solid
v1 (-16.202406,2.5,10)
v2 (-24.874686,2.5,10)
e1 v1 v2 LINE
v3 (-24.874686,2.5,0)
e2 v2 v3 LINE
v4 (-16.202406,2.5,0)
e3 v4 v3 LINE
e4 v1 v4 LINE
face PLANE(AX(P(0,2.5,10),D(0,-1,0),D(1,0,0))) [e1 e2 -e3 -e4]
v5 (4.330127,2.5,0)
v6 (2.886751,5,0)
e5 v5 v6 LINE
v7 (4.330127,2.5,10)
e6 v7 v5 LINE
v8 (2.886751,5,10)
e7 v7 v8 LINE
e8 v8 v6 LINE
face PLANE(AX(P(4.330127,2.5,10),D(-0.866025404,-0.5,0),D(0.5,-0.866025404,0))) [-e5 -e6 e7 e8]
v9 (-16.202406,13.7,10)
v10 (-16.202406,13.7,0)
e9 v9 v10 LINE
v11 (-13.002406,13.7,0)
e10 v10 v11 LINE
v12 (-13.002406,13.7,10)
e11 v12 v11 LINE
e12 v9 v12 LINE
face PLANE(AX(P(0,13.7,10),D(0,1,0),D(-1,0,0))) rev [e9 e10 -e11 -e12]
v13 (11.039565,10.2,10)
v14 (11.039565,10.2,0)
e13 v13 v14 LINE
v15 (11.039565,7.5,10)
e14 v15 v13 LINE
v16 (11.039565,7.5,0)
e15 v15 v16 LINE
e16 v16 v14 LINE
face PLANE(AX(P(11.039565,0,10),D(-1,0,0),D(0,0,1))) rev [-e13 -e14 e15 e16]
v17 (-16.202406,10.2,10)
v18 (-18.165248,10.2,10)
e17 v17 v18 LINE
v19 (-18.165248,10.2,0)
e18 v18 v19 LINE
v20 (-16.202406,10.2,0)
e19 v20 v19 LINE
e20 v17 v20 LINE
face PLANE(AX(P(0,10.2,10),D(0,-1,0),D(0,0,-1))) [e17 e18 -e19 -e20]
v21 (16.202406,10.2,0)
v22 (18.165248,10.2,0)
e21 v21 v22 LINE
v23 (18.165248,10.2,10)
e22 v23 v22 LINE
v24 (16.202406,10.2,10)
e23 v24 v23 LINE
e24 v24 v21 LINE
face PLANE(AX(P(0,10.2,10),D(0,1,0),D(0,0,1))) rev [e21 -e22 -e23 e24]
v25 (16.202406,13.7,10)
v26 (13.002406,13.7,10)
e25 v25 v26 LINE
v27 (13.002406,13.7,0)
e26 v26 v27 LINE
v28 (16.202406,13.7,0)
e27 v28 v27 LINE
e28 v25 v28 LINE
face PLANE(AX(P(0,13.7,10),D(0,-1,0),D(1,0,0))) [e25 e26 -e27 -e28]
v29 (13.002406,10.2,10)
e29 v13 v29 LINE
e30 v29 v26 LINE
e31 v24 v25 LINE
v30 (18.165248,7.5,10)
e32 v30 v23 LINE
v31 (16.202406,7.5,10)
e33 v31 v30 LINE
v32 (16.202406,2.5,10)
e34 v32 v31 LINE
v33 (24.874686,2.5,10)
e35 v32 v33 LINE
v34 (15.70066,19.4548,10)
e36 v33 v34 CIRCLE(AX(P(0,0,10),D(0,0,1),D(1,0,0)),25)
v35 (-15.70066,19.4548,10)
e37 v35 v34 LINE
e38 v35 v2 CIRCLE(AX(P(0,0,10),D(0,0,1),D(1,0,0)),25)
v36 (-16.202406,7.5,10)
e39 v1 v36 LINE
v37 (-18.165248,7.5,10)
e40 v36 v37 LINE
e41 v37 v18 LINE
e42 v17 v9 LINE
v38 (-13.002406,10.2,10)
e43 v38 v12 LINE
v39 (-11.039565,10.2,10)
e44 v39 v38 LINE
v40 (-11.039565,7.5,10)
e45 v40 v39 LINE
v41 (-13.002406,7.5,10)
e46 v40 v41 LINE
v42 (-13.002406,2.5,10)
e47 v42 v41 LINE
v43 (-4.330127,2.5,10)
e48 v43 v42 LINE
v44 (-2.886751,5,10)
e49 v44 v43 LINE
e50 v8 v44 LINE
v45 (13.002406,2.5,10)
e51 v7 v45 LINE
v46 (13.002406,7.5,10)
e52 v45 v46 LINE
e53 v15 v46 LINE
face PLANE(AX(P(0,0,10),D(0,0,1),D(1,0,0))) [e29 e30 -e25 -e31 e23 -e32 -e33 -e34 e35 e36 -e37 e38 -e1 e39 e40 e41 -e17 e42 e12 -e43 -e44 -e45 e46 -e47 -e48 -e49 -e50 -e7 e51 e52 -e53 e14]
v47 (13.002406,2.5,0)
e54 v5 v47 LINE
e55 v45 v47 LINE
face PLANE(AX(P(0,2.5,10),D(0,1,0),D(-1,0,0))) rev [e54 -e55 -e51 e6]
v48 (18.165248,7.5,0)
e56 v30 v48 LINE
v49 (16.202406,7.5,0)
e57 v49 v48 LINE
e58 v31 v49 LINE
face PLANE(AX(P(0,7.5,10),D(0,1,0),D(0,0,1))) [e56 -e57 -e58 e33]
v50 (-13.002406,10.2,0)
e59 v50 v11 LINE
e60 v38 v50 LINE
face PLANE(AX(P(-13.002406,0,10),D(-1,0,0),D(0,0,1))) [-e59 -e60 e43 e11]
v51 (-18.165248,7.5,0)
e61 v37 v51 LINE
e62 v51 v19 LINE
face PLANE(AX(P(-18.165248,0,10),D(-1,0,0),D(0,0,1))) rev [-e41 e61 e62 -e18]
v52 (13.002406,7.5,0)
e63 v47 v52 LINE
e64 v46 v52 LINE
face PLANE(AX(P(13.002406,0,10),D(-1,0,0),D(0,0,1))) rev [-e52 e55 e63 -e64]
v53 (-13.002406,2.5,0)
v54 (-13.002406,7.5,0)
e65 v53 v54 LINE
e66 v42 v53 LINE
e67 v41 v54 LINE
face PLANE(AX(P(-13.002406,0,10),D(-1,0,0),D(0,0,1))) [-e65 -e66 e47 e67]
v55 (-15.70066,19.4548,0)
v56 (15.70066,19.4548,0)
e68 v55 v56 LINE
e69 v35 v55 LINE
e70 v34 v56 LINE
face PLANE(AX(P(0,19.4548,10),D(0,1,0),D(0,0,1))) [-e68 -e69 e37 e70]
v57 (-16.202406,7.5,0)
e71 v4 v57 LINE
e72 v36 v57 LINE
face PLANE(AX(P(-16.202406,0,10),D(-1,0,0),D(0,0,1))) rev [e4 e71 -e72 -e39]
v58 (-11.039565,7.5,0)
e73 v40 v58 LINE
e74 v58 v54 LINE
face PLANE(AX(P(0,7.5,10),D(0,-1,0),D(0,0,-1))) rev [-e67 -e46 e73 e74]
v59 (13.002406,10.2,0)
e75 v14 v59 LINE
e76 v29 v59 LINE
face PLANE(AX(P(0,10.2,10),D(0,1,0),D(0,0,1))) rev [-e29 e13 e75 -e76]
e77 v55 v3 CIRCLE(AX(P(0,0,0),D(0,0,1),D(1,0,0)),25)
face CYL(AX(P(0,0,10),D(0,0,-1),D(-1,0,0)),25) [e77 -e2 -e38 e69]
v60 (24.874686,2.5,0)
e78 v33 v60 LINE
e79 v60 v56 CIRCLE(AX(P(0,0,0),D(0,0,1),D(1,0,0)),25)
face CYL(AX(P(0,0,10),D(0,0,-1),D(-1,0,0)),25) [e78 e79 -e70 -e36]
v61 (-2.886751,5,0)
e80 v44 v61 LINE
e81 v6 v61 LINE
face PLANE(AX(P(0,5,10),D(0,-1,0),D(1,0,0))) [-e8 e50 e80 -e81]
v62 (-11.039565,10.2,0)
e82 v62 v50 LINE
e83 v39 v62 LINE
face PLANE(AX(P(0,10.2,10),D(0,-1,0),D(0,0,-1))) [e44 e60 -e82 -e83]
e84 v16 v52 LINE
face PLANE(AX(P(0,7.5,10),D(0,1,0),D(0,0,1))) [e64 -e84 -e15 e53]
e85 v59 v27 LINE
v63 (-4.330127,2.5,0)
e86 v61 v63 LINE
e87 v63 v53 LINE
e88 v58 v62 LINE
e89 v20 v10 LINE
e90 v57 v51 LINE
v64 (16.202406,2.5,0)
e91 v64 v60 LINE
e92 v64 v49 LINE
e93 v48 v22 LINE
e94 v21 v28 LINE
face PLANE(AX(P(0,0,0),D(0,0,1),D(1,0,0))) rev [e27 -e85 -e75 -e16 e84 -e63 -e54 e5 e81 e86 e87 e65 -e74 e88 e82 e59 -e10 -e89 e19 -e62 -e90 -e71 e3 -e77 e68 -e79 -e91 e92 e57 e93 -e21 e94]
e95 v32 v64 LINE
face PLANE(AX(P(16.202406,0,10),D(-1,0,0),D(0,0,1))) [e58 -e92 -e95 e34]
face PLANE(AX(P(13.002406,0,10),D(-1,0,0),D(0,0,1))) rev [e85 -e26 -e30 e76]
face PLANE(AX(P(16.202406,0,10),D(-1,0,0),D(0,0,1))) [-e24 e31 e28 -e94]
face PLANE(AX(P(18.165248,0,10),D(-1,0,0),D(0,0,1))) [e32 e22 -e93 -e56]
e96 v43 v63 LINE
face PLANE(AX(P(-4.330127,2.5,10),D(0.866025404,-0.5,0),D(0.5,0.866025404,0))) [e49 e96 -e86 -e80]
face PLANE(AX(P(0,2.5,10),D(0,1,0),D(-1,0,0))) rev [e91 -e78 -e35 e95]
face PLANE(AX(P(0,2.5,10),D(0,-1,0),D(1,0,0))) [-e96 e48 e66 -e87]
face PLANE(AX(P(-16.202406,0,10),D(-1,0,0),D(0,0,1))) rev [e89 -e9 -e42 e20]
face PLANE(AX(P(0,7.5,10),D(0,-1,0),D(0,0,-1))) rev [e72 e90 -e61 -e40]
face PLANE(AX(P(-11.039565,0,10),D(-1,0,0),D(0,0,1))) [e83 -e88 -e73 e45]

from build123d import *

# Parameters (mm, degrees)
BOSS_EXTRUDE2_DEPTH = 10


with BuildPart() as part:
    # Sketch2 → Boss-Extrude2 (new body)
    with BuildSketch(Plane.XY):
        with BuildLine():
            Line((0, 19.454800467), (0, 5))
            Line((0, 5), (2.886751346, 5))
            Line((2.886751346, 5), (4.330127019, 2.5))
            Line((4.330127019, 2.5), (13.002406473, 2.5))
            Line((13.002406473, 2.5), (13.002406473, 7.5))
            Line((13.002406473, 7.5), (11.039564591, 7.5))
            Line((11.039564591, 7.5), (11.039564591, 10.2))
            Line((11.039564591, 10.2), (13.002406473, 10.2))
            Line((13.002406473, 10.2), (13.002406473, 13.7))
            Line((13.002406473, 13.7), (16.202406473, 13.7))
            Line((16.202406473, 13.7), (16.202406473, 10.2))
            Line((16.202406473, 10.2), (18.165248356, 10.2))
            Line((18.165248356, 10.2), (18.165248356, 7.5))
            Line((18.165248356, 7.5), (16.202406473, 7.5))
            Line((16.202406473, 7.5), (16.202406473, 2.5))
            Line((16.202406473, 2.5), (24.874685928, 2.5))
            ThreePointArc((24.874685928, 2.5), (21.987632849, 11.89722664), (15.700660457, 19.454800467))
            Line((15.700660457, 19.454800467), (0, 19.454800467))
        make_face()
        with BuildLine():
            Line((-13.002406473, 2.5), (-4.330127019, 2.5))
            Line((-4.330127019, 2.5), (-2.886751346, 5))
            Line((-2.886751346, 5), (0, 5))
            Line((0, 5), (0, 19.454800467))
            Line((0, 19.454800467), (-15.700660457, 19.454800467))
            ThreePointArc((-15.700660457, 19.454800467), (-21.987632849, 11.89722664), (-24.874685928, 2.5))
            Line((-24.874685928, 2.5), (-16.202406473, 2.5))
            Line((-16.202406473, 2.5), (-16.202406473, 7.5))
            Line((-16.202406473, 7.5), (-18.165248356, 7.5))
            Line((-18.165248356, 7.5), (-18.165248356, 10.2))
            Line((-18.165248356, 10.2), (-16.202406473, 10.2))
            Line((-16.202406473, 10.2), (-16.202406473, 13.7))
            Line((-16.202406473, 13.7), (-13.002406473, 13.7))
            Line((-13.002406473, 13.7), (-13.002406473, 10.2))
            Line((-13.002406473, 10.2), (-11.039564591, 10.2))
            Line((-11.039564591, 10.2), (-11.039564591, 7.5))
            Line((-11.039564591, 7.5), (-13.002406473, 7.5))
            Line((-13.002406473, 7.5), (-13.002406473, 2.5))
        make_face()
    extrude(amount=BOSS_EXTRUDE2_DEPTH)


solid = part.part
